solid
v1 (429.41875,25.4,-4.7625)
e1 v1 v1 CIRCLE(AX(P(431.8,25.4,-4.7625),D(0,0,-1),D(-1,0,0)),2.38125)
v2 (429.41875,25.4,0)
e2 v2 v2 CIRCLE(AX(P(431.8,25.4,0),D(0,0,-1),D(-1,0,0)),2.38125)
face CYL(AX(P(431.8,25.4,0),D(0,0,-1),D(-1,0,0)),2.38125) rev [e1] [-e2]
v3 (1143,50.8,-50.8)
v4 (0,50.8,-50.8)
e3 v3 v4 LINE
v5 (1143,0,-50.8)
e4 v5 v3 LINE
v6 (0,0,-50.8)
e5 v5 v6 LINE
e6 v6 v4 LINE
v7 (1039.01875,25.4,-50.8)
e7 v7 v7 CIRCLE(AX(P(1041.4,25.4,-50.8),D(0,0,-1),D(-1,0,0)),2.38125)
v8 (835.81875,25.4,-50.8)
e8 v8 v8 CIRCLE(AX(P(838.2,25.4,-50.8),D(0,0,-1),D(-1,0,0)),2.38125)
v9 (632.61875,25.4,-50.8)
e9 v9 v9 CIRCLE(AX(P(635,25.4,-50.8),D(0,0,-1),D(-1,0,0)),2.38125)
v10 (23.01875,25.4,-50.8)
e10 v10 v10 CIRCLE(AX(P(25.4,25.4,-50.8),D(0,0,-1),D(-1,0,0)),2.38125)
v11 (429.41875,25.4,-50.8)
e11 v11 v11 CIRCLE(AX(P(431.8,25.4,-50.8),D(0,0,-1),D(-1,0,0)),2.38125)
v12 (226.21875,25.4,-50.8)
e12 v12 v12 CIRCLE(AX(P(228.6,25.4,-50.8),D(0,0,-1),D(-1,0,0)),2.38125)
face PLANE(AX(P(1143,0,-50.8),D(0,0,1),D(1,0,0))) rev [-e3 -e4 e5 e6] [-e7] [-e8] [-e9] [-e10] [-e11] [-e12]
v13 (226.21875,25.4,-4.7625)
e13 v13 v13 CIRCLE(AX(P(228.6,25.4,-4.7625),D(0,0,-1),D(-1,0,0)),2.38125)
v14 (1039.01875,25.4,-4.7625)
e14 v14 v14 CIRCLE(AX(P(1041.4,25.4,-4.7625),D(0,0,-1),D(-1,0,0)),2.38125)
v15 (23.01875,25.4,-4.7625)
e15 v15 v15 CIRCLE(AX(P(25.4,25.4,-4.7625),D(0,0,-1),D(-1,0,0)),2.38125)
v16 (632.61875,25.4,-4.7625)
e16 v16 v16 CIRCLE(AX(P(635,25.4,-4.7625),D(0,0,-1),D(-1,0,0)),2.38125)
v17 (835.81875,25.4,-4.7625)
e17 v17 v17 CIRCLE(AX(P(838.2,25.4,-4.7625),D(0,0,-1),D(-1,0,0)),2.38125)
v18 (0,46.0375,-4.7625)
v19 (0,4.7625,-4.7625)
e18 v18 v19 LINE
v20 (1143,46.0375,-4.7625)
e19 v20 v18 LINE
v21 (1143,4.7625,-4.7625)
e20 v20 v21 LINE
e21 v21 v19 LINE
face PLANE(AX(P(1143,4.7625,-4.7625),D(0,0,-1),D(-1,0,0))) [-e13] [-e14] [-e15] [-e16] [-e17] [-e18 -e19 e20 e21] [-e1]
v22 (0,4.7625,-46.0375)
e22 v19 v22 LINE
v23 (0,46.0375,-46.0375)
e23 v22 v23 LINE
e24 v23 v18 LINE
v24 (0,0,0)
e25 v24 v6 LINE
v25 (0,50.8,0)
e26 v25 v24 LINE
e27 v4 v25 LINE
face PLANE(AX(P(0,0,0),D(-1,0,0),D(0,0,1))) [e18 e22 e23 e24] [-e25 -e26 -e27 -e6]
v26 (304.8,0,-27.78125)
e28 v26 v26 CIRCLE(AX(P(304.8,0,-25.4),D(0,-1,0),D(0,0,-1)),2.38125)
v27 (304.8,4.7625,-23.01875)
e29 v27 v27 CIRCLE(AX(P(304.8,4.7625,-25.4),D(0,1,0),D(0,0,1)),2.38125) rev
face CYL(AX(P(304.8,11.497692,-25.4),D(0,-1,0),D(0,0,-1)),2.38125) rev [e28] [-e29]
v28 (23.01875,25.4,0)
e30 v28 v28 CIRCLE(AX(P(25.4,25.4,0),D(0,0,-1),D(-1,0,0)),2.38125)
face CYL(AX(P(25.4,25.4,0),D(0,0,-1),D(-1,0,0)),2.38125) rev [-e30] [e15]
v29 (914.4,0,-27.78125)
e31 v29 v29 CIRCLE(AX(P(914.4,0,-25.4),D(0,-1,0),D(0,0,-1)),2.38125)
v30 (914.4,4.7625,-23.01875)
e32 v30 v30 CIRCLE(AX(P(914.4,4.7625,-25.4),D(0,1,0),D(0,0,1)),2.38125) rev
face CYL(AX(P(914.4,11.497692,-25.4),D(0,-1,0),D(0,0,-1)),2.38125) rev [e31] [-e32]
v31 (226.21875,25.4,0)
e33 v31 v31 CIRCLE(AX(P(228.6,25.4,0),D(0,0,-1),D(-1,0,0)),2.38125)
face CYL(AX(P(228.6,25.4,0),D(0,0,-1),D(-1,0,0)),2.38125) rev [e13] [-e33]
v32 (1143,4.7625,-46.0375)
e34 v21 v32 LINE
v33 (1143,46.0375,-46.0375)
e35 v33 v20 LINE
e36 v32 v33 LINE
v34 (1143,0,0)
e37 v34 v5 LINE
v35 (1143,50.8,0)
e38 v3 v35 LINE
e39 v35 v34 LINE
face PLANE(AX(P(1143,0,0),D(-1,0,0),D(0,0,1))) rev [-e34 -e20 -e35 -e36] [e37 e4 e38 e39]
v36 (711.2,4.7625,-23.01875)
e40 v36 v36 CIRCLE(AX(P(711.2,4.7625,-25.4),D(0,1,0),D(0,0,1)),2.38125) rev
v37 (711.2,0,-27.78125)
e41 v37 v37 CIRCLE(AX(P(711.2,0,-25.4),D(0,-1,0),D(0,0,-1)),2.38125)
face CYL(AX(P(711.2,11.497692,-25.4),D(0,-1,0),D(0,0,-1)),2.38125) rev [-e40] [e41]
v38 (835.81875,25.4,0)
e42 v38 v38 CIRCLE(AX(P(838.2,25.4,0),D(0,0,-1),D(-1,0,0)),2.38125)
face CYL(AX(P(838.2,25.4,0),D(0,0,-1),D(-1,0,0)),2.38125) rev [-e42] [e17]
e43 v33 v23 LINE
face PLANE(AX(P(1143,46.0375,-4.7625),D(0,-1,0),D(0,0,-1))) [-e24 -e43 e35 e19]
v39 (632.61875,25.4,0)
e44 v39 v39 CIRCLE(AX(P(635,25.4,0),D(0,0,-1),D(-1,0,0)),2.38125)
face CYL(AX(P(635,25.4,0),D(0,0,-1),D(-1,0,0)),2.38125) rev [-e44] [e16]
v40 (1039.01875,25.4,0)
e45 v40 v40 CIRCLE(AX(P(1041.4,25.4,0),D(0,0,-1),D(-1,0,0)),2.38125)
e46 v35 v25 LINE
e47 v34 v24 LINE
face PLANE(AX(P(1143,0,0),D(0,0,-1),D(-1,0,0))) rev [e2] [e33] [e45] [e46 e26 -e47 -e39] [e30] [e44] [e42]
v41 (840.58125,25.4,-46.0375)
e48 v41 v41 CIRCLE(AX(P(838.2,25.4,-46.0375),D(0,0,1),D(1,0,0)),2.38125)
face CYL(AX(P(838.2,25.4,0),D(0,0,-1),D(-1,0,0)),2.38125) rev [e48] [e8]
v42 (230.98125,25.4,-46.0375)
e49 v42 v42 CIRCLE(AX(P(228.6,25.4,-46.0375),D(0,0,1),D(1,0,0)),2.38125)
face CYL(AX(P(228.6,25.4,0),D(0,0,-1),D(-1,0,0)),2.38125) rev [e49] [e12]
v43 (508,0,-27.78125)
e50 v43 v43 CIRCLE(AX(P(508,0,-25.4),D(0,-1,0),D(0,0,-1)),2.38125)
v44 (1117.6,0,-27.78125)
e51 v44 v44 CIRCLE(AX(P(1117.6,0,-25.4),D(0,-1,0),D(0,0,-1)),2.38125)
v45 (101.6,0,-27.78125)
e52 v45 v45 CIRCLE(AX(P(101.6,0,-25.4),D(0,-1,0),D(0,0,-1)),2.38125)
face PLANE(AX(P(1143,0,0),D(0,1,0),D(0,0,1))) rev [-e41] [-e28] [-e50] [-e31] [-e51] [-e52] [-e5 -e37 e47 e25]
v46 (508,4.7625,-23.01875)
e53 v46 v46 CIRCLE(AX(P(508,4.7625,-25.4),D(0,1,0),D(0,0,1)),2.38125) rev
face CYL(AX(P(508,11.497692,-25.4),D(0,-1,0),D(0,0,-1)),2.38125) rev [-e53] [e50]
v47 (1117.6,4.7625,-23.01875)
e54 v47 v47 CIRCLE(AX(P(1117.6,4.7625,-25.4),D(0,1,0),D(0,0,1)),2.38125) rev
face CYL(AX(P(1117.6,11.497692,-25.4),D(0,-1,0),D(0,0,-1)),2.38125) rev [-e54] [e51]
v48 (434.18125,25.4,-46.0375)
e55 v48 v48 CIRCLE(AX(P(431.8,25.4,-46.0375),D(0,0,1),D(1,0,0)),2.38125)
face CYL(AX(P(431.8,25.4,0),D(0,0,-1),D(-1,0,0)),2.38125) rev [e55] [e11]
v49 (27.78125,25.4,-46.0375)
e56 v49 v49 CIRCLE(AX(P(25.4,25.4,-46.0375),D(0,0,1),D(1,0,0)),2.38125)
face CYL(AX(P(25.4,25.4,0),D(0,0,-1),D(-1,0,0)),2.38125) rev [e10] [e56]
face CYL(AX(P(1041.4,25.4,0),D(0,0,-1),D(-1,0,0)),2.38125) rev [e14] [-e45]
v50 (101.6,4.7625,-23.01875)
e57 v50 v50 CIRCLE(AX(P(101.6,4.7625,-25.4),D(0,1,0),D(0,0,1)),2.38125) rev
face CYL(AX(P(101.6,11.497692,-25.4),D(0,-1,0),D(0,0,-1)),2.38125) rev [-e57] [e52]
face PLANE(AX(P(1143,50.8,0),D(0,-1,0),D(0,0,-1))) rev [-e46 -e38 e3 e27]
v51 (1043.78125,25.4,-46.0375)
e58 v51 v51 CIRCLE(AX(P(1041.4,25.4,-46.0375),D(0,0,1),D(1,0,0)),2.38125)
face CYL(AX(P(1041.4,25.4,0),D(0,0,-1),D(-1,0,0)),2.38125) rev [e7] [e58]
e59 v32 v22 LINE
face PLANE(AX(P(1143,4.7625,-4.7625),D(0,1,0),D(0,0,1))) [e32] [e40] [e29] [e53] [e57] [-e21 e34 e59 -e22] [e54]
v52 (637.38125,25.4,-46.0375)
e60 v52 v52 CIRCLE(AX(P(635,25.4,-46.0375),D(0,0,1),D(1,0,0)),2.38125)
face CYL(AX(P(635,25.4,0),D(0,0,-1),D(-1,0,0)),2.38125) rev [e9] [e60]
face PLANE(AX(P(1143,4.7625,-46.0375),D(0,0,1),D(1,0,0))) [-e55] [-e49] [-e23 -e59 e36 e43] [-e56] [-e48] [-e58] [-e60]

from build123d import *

# Parameters (mm, degrees)
SKETCH1_W           = 50.8
SKETCH1_H           = 50.8
SKETCH1_W_2         = 41.275
SKETCH1_H_2         = 41.275
BOSS_EXTRUDE1_DEPTH = 1143
SKETCH2_R           = 2.38125
CUT_EXTRUDE1_DEPTH  = 51.8
LPATTERN1_COUNT     = 6
LPATTERN1_PITCH     = 203.2
SKETCH3_R           = 2.38125
CUT_EXTRUDE2_DEPTH  = 4.7625
LPATTERN2_COUNT     = 6
LPATTERN2_PITCH     = 203.2


with BuildPart() as part:
    # Sketch1 → Boss-Extrude1 (new body)
    with BuildSketch(Plane(origin=(0, 0, 0), x_dir=(0, 0, -1), z_dir=(1, 0, 0))):
        with Locations((25.4, 25.4)):
            Rectangle(SKETCH1_W, SKETCH1_H)
        with Locations((25.4, 25.4)):
            Rectangle(SKETCH1_W_2, SKETCH1_H_2, mode=Mode.SUBTRACT)
    extrude(amount=BOSS_EXTRUDE1_DEPTH)

    # Sketch2 → Cut-Extrude1 (cut, through all)
    with BuildSketch(Plane(origin=(0, 0, -50.8), x_dir=(-1, 0, 0), z_dir=(0, 0, -1))):
        with Locations((-1041.4, 25.4)):
            Circle(SKETCH2_R)
    cut_extrude1 = extrude(amount=-CUT_EXTRUDE1_DEPTH, mode=Mode.SUBTRACT)

    # LPattern1: Cut-Extrude1 ×6
    with Locations(*[(-i * LPATTERN1_PITCH, 0, 0) for i in range(1, LPATTERN1_COUNT)]):
        add(cut_extrude1, mode=Mode.SUBTRACT)

    # Sketch3 → Cut-Extrude2 (cut)
    with BuildSketch(Plane.XZ):
        with Locations((101.6, -25.4)):
            Circle(SKETCH3_R)
    cut_extrude2 = extrude(amount=-CUT_EXTRUDE2_DEPTH, mode=Mode.SUBTRACT)

    # LPattern2: Cut-Extrude2 ×6
    with Locations(*[(i * LPATTERN2_PITCH, 0, 0) for i in range(1, LPATTERN2_COUNT)]):
        add(cut_extrude2, mode=Mode.SUBTRACT)


solid = part.part
